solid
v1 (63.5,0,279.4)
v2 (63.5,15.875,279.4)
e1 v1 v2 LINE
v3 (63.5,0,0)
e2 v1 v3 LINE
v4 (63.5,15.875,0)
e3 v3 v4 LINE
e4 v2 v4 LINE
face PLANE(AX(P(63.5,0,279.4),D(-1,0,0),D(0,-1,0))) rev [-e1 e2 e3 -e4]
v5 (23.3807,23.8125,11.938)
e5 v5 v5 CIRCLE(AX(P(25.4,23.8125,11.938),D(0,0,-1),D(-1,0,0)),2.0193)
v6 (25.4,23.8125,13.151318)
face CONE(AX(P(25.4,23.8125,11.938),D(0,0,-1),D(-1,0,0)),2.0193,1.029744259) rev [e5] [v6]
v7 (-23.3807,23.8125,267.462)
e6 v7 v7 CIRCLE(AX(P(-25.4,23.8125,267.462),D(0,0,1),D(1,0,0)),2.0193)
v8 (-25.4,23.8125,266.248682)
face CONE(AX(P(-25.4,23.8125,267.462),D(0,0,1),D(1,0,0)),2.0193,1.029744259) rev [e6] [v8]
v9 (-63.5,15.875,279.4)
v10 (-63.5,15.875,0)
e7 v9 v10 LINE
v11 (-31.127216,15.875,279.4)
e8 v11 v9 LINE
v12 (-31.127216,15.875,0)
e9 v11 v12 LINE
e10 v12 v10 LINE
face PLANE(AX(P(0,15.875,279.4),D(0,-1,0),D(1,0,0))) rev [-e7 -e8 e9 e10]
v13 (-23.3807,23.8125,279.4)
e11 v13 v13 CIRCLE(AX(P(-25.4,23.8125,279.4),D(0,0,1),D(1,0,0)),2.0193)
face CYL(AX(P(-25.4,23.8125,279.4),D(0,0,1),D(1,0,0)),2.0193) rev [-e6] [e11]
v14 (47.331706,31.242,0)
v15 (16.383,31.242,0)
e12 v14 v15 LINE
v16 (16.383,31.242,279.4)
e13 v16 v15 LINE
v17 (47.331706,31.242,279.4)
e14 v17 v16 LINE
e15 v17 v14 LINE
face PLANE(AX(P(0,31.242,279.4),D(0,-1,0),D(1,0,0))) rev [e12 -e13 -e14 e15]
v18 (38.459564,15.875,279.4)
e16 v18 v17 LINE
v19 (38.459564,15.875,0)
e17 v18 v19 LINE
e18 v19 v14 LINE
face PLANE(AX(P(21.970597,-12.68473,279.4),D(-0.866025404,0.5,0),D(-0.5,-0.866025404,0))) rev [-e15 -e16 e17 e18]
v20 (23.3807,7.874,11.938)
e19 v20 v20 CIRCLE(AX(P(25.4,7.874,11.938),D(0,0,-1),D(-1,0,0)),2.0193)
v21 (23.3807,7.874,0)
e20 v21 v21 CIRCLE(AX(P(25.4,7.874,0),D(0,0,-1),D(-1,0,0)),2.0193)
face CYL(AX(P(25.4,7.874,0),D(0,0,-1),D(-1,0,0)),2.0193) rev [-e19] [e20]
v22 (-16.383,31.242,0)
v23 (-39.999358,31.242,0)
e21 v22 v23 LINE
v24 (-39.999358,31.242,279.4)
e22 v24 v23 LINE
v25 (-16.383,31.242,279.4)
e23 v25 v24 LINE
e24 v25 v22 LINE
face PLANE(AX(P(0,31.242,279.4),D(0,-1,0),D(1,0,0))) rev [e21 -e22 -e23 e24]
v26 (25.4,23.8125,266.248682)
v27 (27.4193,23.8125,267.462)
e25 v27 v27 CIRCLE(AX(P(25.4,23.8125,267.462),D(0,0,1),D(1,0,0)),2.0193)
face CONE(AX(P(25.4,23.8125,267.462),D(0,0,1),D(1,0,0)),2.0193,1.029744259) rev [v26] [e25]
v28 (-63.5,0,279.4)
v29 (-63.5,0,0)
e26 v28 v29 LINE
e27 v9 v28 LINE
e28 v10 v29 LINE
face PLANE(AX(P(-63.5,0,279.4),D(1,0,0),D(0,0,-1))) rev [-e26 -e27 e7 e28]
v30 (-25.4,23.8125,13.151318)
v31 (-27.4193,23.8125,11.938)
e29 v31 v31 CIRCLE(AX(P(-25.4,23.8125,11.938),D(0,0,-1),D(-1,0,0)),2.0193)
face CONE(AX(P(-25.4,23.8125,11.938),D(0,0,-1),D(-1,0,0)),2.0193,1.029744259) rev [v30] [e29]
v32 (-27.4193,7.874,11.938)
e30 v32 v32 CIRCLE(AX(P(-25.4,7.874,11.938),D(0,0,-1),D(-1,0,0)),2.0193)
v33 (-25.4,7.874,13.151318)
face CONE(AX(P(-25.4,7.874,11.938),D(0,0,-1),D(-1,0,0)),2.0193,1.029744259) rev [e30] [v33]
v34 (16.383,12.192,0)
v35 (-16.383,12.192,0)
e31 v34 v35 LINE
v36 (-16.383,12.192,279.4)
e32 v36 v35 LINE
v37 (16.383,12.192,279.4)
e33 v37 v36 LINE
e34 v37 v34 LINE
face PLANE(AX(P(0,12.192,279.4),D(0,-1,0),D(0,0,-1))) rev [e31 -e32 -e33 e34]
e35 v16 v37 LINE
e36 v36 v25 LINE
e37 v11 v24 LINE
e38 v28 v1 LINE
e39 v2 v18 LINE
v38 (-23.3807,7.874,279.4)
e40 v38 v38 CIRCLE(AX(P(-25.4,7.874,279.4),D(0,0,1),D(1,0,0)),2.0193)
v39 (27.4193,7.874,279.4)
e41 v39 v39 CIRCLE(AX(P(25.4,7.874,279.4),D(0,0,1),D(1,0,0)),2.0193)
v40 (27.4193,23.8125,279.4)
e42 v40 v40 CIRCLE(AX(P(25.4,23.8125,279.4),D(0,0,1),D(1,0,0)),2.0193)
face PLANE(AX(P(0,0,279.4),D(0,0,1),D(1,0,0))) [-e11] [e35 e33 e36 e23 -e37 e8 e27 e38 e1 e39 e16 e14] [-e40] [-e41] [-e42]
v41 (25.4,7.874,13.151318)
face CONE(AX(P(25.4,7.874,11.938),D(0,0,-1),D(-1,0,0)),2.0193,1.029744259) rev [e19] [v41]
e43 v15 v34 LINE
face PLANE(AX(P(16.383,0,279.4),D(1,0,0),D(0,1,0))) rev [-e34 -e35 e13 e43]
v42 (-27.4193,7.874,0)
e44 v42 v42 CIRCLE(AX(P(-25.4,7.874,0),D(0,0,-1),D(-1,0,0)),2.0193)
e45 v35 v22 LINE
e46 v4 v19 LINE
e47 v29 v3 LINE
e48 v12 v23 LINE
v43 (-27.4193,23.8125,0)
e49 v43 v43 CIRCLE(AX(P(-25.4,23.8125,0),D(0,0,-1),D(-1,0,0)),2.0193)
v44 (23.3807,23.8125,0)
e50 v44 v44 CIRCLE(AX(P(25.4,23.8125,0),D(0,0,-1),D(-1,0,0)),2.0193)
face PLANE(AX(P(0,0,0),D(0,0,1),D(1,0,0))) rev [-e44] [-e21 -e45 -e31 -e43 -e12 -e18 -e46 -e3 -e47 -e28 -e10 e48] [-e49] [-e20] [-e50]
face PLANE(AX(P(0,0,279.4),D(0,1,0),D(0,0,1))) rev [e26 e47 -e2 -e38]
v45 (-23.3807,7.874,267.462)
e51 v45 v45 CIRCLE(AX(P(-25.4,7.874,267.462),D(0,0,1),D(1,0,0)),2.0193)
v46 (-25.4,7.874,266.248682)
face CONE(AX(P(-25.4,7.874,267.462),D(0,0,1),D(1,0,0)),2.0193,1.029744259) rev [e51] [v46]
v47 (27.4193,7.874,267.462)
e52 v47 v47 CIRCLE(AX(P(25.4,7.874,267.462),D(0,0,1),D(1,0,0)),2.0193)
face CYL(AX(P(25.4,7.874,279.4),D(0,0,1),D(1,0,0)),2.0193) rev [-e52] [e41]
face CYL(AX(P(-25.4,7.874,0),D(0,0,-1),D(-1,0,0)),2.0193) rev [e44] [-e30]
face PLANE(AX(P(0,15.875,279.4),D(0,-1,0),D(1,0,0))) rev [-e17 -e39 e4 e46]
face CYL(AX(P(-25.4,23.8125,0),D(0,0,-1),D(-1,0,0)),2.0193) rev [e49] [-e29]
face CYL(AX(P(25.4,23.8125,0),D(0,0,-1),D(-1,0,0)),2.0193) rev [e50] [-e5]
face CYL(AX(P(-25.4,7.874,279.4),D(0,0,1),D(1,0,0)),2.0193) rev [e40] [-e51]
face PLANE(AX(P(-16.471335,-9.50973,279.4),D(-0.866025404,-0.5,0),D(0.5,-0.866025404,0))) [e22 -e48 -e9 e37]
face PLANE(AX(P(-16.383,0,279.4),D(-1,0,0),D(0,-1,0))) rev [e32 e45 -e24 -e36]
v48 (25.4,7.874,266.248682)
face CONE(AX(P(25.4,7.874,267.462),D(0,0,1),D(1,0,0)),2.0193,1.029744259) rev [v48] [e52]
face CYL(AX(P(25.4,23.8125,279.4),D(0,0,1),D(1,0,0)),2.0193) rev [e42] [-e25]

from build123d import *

# Parameters (mm, degrees)
X_GUIDE_EXTRUDE_DEPTH   = 279.4
END_PLATE_HOLES_D       = 4.0386
END_PLATE_HOLES_DEPTH   = 11.938
END_PLATE_HOLES_TIP     = 1.213317848
END_PLATE_HOLES_2_D     = 4.0386
END_PLATE_HOLES_2_DEPTH = 11.938
END_PLATE_HOLES_2_TIP   = 1.213317848


with BuildPart() as part:
    # dovetail-male-profile → x-guide-extrude (new body)
    with BuildSketch(Plane.XY):
        Polygon((47.331706063, 31.242), (16.383, 31.242), (16.383, 12.192), (-16.383, 12.192), (-16.383, 31.242), (-39.999357645, 31.242), (-31.127216058, 15.875), (-63.5, 15.875), (-63.5, 0), (63.5, 0), (63.5, 15.875), (38.459564477, 15.875), align=None)
    extrude(amount=X_GUIDE_EXTRUDE_DEPTH)

    # end plate holes
    with Locations(Plane(origin=(0, 0, 0), x_dir=(-1, 0, 0), z_dir=(0, 0, -1))):
        with Locations((-25.4, 23.8125), (25.4, 23.8125), (25.4, 7.874), (-25.4, 7.874)):
            Hole(END_PLATE_HOLES_D / 2, depth=END_PLATE_HOLES_DEPTH)
            with Locations((0, 0, -(END_PLATE_HOLES_DEPTH + END_PLATE_HOLES_TIP / 2))):  # 118° drill point
                Cone(0, END_PLATE_HOLES_D / 2, END_PLATE_HOLES_TIP, mode=Mode.SUBTRACT)

    # end plate holes 2
    with Locations(Plane.XY.offset(279.4)):
        with Locations((25.4, 23.8125), (25.4, 7.874), (-25.4, 7.874), (-25.4, 23.8125)):
            Hole(END_PLATE_HOLES_2_D / 2, depth=END_PLATE_HOLES_2_DEPTH)
            with Locations((0, 0, -(END_PLATE_HOLES_2_DEPTH + END_PLATE_HOLES_2_TIP / 2))):  # 118° drill point
                Cone(0, END_PLATE_HOLES_2_D / 2, END_PLATE_HOLES_2_TIP, mode=Mode.SUBTRACT)


solid = part.part
